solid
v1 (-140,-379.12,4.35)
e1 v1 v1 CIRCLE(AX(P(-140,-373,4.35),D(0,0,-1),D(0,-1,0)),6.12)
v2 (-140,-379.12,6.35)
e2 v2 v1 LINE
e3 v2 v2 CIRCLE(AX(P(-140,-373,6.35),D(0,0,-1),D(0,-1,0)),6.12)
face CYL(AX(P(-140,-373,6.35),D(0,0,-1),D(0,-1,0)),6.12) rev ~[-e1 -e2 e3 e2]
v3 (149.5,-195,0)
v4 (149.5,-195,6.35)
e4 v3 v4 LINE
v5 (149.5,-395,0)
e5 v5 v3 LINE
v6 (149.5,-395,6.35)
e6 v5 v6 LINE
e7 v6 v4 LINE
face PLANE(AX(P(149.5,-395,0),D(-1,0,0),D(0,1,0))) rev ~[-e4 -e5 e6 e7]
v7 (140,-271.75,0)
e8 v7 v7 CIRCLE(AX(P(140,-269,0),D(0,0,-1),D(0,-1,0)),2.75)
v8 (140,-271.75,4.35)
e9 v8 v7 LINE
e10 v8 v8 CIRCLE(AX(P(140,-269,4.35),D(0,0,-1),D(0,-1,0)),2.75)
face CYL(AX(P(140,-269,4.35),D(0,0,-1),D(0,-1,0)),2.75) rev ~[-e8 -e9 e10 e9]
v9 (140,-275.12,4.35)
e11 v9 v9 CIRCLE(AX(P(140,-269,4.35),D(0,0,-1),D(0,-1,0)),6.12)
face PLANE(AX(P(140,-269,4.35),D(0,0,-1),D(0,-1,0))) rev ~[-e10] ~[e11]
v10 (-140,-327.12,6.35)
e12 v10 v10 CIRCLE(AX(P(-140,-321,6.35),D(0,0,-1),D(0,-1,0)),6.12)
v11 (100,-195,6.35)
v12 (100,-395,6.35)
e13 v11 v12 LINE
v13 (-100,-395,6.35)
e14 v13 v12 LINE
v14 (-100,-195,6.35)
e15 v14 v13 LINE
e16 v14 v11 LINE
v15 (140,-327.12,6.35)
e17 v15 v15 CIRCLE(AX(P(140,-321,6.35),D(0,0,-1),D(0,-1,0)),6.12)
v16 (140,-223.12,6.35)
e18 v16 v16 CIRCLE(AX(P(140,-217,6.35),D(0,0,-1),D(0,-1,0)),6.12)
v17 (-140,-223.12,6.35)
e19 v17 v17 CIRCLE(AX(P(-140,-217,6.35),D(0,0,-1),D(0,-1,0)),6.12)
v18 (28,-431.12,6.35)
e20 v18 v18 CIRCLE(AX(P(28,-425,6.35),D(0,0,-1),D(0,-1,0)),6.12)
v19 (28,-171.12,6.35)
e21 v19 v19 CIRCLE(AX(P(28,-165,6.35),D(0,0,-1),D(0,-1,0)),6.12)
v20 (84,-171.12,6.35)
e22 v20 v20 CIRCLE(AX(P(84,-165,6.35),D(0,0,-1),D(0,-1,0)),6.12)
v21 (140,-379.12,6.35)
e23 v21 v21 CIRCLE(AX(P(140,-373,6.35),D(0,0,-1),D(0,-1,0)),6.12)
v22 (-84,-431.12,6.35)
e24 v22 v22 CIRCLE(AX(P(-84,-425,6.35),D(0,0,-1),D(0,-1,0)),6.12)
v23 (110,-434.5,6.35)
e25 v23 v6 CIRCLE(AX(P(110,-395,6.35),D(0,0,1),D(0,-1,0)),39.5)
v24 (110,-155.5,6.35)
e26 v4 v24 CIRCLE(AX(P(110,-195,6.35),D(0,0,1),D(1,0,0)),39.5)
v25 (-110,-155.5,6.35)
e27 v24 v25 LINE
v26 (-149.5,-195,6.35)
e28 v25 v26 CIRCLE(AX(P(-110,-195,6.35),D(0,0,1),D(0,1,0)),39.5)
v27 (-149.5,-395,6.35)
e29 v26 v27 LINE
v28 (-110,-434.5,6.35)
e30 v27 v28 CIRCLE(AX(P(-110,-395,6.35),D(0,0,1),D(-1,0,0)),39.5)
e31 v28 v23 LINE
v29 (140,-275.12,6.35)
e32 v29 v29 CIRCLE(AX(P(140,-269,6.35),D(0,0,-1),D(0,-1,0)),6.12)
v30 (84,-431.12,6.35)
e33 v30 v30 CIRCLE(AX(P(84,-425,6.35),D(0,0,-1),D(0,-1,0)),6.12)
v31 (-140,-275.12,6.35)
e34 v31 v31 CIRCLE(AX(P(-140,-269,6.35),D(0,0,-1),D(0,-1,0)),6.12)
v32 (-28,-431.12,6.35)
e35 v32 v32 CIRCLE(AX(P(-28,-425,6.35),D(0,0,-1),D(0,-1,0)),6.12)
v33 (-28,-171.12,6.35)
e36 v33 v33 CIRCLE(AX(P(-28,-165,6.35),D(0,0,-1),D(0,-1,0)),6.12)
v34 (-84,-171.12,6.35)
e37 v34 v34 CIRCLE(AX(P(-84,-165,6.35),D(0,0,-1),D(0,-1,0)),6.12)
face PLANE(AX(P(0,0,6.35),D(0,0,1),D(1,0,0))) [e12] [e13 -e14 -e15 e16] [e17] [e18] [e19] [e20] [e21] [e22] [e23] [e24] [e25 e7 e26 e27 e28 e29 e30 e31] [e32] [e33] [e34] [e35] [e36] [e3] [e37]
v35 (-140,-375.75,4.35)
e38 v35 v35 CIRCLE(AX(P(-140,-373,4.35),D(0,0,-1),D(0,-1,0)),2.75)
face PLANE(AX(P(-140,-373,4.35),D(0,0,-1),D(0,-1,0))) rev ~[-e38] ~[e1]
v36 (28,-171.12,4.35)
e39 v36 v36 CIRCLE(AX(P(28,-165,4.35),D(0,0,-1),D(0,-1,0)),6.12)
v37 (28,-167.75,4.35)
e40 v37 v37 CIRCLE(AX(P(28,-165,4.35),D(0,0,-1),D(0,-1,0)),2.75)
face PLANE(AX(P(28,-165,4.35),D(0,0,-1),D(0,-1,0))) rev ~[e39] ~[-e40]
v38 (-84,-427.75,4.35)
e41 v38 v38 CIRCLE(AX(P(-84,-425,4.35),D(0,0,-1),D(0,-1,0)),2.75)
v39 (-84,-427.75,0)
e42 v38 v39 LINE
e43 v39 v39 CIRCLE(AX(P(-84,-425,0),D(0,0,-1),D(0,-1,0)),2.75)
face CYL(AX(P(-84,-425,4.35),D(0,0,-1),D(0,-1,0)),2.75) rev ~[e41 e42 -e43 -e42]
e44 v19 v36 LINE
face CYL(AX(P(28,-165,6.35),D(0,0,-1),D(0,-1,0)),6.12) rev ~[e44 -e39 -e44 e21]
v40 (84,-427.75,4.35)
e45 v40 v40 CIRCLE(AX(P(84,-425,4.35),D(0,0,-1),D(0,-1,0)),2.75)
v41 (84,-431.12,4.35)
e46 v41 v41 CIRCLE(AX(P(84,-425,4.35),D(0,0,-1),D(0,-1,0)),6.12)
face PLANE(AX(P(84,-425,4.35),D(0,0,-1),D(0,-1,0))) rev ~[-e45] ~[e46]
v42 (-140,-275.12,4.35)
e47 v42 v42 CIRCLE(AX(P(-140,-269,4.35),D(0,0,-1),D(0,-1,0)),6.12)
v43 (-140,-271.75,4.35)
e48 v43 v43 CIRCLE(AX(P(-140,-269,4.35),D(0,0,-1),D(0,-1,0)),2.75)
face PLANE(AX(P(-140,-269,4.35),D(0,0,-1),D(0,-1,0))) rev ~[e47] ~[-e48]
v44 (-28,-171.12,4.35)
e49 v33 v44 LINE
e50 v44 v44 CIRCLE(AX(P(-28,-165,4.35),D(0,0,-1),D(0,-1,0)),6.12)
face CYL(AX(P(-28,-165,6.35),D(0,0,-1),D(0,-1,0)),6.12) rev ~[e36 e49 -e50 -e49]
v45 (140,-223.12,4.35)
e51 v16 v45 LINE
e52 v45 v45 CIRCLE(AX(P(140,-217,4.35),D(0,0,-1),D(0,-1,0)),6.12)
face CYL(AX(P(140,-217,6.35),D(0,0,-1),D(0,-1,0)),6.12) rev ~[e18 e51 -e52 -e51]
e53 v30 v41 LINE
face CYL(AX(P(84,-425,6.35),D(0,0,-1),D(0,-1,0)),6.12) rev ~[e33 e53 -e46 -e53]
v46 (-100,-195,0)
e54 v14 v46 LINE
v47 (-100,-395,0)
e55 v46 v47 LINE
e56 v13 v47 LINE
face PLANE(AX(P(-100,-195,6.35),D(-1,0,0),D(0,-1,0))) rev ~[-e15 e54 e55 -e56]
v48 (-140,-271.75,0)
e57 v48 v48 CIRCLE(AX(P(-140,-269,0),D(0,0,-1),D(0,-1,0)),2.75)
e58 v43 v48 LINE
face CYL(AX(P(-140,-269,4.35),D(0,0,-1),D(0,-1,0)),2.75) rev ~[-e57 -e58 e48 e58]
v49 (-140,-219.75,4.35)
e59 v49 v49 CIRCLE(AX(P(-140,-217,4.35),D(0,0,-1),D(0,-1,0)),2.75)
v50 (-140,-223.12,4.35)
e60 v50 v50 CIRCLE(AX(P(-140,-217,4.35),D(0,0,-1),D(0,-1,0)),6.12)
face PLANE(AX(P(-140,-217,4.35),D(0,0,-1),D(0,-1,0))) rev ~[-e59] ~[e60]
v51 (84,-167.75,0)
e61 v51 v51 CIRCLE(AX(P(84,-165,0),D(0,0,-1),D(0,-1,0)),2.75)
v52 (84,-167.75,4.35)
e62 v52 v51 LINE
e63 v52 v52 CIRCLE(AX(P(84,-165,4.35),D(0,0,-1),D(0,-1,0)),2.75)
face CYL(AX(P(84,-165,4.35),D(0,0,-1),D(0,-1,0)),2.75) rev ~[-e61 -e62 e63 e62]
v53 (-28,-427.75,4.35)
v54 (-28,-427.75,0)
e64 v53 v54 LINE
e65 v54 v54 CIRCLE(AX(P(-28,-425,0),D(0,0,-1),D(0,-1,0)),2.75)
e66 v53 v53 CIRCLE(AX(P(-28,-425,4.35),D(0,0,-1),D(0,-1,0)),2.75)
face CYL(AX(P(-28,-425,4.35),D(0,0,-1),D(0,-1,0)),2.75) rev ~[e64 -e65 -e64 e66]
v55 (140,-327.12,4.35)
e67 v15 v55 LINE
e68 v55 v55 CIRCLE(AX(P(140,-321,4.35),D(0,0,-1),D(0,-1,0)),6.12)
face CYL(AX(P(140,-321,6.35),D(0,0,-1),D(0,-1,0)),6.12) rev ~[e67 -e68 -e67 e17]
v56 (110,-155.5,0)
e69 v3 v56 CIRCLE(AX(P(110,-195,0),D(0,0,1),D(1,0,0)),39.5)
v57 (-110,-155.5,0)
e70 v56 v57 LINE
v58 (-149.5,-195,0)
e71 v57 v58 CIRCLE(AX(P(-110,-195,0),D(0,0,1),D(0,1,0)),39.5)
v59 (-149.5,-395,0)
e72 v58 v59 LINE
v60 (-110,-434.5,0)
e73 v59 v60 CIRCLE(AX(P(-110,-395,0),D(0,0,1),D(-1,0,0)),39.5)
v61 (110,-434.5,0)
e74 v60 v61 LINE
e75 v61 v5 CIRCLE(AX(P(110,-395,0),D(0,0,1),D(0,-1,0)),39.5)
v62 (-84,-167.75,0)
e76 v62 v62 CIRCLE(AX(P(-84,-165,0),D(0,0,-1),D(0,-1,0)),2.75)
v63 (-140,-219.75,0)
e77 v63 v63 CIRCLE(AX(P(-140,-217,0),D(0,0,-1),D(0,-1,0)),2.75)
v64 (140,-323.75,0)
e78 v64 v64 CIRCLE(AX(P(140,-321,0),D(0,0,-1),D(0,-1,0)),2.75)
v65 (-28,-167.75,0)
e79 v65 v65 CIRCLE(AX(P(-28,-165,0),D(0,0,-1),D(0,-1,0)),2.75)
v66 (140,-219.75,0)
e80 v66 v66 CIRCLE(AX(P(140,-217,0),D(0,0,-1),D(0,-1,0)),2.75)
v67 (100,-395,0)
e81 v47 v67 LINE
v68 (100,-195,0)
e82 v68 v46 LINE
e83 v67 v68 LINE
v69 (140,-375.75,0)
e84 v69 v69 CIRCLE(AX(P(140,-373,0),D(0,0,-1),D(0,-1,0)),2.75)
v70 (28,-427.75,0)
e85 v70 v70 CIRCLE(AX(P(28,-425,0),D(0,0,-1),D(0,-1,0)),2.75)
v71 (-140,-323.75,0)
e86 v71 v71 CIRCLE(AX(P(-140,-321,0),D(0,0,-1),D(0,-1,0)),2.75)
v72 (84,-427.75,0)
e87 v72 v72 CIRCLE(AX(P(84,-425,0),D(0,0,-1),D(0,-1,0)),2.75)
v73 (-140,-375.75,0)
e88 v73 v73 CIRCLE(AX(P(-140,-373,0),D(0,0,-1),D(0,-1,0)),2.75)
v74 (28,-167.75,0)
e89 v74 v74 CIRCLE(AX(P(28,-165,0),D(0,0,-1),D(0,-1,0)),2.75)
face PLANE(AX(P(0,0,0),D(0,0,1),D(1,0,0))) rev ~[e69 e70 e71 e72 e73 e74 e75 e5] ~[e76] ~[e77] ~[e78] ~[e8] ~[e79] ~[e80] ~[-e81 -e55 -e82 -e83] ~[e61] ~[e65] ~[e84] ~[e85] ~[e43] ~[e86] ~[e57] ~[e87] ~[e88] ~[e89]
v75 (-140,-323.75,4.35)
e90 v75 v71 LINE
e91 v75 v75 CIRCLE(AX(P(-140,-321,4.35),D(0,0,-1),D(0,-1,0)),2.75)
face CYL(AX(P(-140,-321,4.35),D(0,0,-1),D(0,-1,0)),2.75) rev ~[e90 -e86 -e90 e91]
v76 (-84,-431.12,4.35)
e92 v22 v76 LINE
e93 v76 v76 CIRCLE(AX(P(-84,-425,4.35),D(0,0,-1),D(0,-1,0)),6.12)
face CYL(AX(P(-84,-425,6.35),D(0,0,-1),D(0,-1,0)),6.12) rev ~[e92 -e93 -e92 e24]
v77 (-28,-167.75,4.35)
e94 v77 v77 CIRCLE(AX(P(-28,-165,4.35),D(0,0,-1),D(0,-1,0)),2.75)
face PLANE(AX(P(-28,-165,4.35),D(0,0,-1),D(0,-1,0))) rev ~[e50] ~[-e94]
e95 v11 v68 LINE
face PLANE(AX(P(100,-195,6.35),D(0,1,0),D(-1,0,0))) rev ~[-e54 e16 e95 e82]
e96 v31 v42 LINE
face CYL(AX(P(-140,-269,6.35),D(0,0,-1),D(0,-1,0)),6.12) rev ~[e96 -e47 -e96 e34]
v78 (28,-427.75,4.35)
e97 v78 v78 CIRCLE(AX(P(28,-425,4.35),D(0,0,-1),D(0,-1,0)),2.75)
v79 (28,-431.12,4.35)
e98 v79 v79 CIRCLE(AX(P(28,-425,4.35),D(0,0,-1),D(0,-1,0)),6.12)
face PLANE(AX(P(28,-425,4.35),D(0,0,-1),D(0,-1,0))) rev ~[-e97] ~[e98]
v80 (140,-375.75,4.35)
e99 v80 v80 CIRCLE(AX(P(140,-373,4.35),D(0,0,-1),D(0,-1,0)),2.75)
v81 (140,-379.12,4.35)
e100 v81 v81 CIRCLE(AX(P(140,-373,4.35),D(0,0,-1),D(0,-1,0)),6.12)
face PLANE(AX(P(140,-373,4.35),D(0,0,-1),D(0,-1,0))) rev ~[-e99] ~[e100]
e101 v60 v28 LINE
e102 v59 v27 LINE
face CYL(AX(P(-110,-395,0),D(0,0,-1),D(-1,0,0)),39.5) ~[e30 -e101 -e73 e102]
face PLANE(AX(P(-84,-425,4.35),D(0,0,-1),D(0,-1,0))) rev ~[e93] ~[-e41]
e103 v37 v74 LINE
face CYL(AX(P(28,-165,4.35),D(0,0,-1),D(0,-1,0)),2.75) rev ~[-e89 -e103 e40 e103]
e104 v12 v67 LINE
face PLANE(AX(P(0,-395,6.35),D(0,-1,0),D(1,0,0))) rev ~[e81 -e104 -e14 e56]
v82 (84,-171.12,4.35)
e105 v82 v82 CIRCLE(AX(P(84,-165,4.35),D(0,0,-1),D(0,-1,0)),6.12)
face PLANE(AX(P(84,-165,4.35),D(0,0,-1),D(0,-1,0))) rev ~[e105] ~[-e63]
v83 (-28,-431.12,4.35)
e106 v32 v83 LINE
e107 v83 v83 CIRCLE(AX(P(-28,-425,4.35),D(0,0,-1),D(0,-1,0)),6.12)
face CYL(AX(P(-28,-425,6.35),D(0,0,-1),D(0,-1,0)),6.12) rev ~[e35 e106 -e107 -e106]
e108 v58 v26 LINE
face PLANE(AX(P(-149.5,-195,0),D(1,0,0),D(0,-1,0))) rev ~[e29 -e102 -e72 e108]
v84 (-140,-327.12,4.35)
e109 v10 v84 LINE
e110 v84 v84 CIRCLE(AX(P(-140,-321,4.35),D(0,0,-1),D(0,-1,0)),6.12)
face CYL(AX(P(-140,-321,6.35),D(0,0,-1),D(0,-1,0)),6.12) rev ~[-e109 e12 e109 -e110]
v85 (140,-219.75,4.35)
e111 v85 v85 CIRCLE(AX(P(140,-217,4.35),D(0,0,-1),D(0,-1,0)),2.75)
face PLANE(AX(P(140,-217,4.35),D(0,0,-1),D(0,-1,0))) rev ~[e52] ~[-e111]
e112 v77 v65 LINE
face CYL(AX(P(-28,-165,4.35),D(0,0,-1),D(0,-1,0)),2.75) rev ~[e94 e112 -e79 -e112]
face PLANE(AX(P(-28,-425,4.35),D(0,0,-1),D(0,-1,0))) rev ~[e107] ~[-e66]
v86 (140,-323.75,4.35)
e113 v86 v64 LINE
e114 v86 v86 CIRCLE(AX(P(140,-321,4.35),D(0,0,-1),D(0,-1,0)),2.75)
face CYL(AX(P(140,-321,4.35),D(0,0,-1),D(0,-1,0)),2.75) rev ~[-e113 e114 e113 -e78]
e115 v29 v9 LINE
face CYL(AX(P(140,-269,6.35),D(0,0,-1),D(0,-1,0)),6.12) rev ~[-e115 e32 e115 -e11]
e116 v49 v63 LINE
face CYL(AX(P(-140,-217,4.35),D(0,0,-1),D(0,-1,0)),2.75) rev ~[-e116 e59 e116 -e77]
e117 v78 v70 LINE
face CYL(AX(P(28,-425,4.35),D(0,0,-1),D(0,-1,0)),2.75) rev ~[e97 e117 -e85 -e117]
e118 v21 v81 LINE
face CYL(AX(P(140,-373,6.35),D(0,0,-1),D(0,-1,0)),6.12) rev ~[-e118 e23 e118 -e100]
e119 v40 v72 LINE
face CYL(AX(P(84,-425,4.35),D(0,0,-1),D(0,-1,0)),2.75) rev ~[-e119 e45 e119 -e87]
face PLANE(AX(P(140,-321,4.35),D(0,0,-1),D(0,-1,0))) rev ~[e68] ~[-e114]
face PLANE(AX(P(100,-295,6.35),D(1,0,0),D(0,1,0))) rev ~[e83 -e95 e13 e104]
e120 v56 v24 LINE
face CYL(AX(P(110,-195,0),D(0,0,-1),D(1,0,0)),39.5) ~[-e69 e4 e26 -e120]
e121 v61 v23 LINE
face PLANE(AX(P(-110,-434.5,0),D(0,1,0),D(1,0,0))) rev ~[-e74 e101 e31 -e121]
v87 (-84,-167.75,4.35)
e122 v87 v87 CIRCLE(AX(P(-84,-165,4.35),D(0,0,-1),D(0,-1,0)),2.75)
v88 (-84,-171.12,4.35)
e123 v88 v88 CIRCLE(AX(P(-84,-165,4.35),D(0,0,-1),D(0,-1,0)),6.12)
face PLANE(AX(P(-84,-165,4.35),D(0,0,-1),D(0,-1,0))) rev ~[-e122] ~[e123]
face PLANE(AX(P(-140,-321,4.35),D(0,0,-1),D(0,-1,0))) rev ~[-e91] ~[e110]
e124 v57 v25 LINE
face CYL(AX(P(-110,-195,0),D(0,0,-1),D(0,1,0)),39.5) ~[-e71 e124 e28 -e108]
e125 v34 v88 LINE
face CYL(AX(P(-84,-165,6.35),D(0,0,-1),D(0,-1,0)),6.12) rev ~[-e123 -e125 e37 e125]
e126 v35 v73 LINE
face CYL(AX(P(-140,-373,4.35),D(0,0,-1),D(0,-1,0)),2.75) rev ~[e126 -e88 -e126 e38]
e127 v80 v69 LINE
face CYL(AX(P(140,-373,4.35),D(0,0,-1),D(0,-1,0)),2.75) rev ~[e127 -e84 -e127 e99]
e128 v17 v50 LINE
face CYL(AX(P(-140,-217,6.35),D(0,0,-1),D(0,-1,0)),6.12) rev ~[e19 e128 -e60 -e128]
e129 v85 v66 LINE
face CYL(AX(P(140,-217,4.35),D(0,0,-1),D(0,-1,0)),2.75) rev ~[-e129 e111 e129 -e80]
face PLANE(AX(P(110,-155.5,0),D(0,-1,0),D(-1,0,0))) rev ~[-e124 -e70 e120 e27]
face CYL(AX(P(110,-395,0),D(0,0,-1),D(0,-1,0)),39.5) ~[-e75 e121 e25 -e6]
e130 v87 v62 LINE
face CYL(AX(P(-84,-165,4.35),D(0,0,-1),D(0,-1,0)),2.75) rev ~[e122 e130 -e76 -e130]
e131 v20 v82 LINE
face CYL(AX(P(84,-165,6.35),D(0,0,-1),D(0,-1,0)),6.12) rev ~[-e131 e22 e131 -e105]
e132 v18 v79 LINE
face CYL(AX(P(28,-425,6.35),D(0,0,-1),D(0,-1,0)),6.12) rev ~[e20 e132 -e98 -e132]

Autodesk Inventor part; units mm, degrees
ref_plane "YZ Plane" through (0, 0, 0) normal (1, 0, 0) x (0, 1, 0)
ref_plane "XZ Plane" through (0, 0, 0) normal (0, 1, 0) x (-1, 0, 0)
ref_plane "Work Plane2" through (0, 0, 0) normal (0, 0, 1) x (1, 0, 0)
sketch "Sketch1" plane through (0, 0, 0) normal (0, 0, 1) x (1, 0, 0)
  line L0 (180, 126) -> (180, 200) projected
  arc A0 (180, 200) -> (175, 205) centre (175, 200) ccw projected
  line L1 (175, 205) -> (-174, 205) projected
  line L2 (-174, -368) -> (-174, 205) projected
  line L3 (-156, -368) -> (-174, -368) projected
  arc A1 (-153, -371) -> (-156, -368) centre (-156, -371) ccw projected
  line L4 (-153, -403) -> (-153, -371) projected
  arc A2 (-156, -406) -> (-153, -403) centre (-156, -403) ccw projected
  line L5 (-180, -406) -> (-156, -406) projected
  line L6 (-180, -406) -> (-180, -480) projected
  arc A3 (-180, -480) -> (-175, -485) centre (-175, -480) ccw projected
  line L7 (-175, -485) -> (174, -485) projected
  line L8 (174, 88) -> (174, -485) projected
  line L9 (156, 88) -> (174, 88) projected
  arc A4 (153, 91) -> (156, 88) centre (156, 91) ccw projected
  line L10 (153, 123) -> (153, 91) projected
  arc A5 (156, 126) -> (153, 123) centre (156, 123) ccw projected
  line L11 (180, 126) -> (156, 126) projected
  circle A6 centre (0, 0) radius 135 projected
  circle A7 centre (82.55, 185) radius 3 projected
  circle A8 centre (-82.55, 185) radius 3 projected
  circle A9 centre (82.55, -460) radius 3 projected
  circle A10 centre (-82.55, -460) radius 3 projected
  line L12 (-149.5, -195) -> (-149.5, -395)
  arc A11 (-149.5, -395) -> (-110, -434.5) centre (-110, -395) ccw
  line L13 (-110, -434.5) -> (110, -434.5)
  arc A12 (110, -434.5) -> (149.5, -395) centre (110, -395) ccw
  line L14 (149.5, -395) -> (149.5, -195)
  arc A13 (149.5, -195) -> (110, -155.5) centre (110, -195) ccw
  line L15 (110, -155.5) -> (-110, -155.5)
  arc A14 (-110, -155.5) -> (-149.5, -195) centre (-110, -195) ccw
  line L16 (40, -245) -> (-40, -245)
  line L17 (-50, -255) -> (-50, -355)
  line L18 (-40, -365) -> (40, -365)
  line L19 (50, -355) -> (50, -255)
  arc A15 (-40, -245) -> (-50, -255) centre (-40, -255) ccw
  arc A16 (50, -255) -> (40, -245) centre (40, -255) ccw
  arc A17 (40, -365) -> (50, -355) centre (40, -355) ccw
  arc A18 (-50, -355) -> (-40, -365) centre (-40, -355) ccw
  point P0 (115, -175)
  point P1 (-50, -365)
  point P2 (-50, -245)
  point P3 (50, -365)
  dimension "d1" = 100
  dimension "d2" = 120
  dimension "d3" = 10
extrude "Extrusion1" add sketch "Sketch1" along normal blind 6.35 contours A14 L15 A13 L14 A12 L13 A11 L12
sketch "Sketch2" plane through (0, 0, 6.35) normal (0, 0, 1) x (1, 0, 0)
  line L0 (180, 126) -> (180, 200) projected
  arc A0 (180, 200) -> (175, 205) centre (175, 200) ccw projected
  line L1 (175, 205) -> (-174, 205) projected
  line L2 (-174, -368) -> (-174, 205) projected
  line L3 (-156, -368) -> (-174, -368) projected
  arc A1 (-153, -371) -> (-156, -368) centre (-156, -371) ccw projected
  line L4 (-153, -403) -> (-153, -371) projected
  arc A2 (-156, -406) -> (-153, -403) centre (-156, -403) ccw projected
  line L5 (-180, -406) -> (-156, -406) projected
  line L6 (-180, -406) -> (-180, -480) projected
  arc A3 (-180, -480) -> (-175, -485) centre (-175, -480) ccw projected
  line L7 (-175, -485) -> (174, -485) projected
  line L8 (174, 88) -> (174, -485) projected
  line L9 (156, 88) -> (174, 88) projected
  arc A4 (153, 91) -> (156, 88) centre (156, 91) ccw projected
  line L10 (153, 123) -> (153, 91) projected
  arc A5 (156, 126) -> (153, 123) centre (156, 123) ccw projected
  line L11 (180, 126) -> (156, 126) projected
  circle A6 centre (0, 0) radius 135 projected
  circle A7 centre (-140, -217) radius 2 projected
  circle A8 centre (-140, -269) radius 2 projected
  circle A9 centre (-140, -321) radius 2 projected
  circle A10 centre (-140, -373) radius 2 projected
  circle A11 centre (-84, -425) radius 2 projected
  circle A12 centre (-28, -425) radius 2 projected
  circle A13 centre (28, -425) radius 2 projected
  circle A14 centre (84, -425) radius 2 projected
  circle A15 centre (140, -373) radius 2 projected
  circle A16 centre (140, -321) radius 2 projected
  circle A17 centre (140, -269) radius 2 projected
  circle A18 centre (140, -217) radius 2 projected
  circle A19 centre (84, -165) radius 2 projected
  circle A20 centre (28, -165) radius 2 projected
  circle A21 centre (-28, -165) radius 2 projected
  circle A22 centre (-84, -165) radius 2 projected
  line L12 (-130, -190) -> (-130, -400) projected
  arc A23 (-115, -175) -> (-130, -190) centre (-115, -190) ccw projected
  line L13 (115, -175) -> (-115, -175) projected
  arc A24 (130, -190) -> (115, -175) centre (115, -190) ccw projected
  line L14 (130, -400) -> (130, -190) projected
  arc A25 (115, -415) -> (130, -400) centre (115, -400) ccw projected
  line L15 (-115, -415) -> (115, -415) projected
  arc A26 (-130, -400) -> (-115, -415) centre (-115, -400) ccw projected
  circle A27 centre (82.55, 185) radius 3 projected
  circle A28 centre (-82.55, 185) radius 3 projected
  circle A29 centre (82.55, -460) radius 3 projected
  circle A30 centre (-82.55, -460) radius 3 projected
hole "Hole1" at (-140, -217, 6.35) at (-84, -165, 6.35) at (-28, -165, 6.35) at (28, -165, 6.35) at (84, -165, 6.35) at (-140, -269, 6.35) at (-140, -321, 6.35) at (-140, -373, 6.35) at (-84, -425, 6.35) at (-28, -425, 6.35) at (28, -425, 6.35) at (84, -425, 6.35) at (140, -373, 6.35) at (140, -321, 6.35) at (140, -269, 6.35) at (140, -217, 6.35) direction (0, 0, -1) diameter 5.5 end through all counterbore diameter 12.24 counterbore depth 2 clearance for "Hex Head Bolt" size "M5" standard "Ansi Metric M Profile"
sketch "Sketch3" plane through (0, 0, 6.35) normal (0, 0, 1) x (1, 0, 0)
  point P0 (0, 0)
  point P1 (-65, -305)
  point P2 (-65, -260)
  point P3 (-65, -350)
  point P4 (65, -305)
  point P5 (65, -260)
  point P6 (65, -350)
  point P7 (-20, -230)
  point P8 (20, -230)
  point P9 (-20, -380)
  point P10 (20, -380)
  dimension "d18" = 45
  dimension "d19" = 45
  dimension "d22" = 45
  dimension "d23" = 45
hole "Hole2" at (-65, -305, 6.35) at (-65, -260, 6.35) at (-65, -350, 6.35) at (65, -305, 6.35) at (65, -260, 6.35) at (65, -350, 6.35) at (-20, -230, 6.35) at (20, -230, 6.35) at (-20, -380, 6.35) at (20, -380, 6.35) direction (0, 0, -1) diameter 3.4587 depth 10.8 tip angle 118 thread size "M4x0.5" class "6H" standard "ANSI Metric M Profile"
sketch "Sketch4" plane through (0, 0, 6.35) normal (0, 0, 1) x (1, 0, 0)
  line L0 (100, -195) -> (-100, -195)
  line L1 (-100, -195) -> (-100, -395)
  line L2 (-100, -395) -> (100, -395)
  line L3 (100, -395) -> (100, -195)
  line L4 (0, 0) -> (0, -590.9398)
  line L5 (149.5, -395) -> (149.5, -195) projected
  line L6 (149.5, -295) -> (-173.2004, -295)
  line L7 (-40, -245) -> (40, -245) projected
  point P0 (0, -245)
  dimension "d46" = 200
  dimension "d47" = 200
  dimension "d48" = 100
  dimension "d49" = 100
extrude "Extrusion2" cut sketch "Sketch4" against normal blind 10
properties part number "Reducer Plate" material "Aluminum 6061"
